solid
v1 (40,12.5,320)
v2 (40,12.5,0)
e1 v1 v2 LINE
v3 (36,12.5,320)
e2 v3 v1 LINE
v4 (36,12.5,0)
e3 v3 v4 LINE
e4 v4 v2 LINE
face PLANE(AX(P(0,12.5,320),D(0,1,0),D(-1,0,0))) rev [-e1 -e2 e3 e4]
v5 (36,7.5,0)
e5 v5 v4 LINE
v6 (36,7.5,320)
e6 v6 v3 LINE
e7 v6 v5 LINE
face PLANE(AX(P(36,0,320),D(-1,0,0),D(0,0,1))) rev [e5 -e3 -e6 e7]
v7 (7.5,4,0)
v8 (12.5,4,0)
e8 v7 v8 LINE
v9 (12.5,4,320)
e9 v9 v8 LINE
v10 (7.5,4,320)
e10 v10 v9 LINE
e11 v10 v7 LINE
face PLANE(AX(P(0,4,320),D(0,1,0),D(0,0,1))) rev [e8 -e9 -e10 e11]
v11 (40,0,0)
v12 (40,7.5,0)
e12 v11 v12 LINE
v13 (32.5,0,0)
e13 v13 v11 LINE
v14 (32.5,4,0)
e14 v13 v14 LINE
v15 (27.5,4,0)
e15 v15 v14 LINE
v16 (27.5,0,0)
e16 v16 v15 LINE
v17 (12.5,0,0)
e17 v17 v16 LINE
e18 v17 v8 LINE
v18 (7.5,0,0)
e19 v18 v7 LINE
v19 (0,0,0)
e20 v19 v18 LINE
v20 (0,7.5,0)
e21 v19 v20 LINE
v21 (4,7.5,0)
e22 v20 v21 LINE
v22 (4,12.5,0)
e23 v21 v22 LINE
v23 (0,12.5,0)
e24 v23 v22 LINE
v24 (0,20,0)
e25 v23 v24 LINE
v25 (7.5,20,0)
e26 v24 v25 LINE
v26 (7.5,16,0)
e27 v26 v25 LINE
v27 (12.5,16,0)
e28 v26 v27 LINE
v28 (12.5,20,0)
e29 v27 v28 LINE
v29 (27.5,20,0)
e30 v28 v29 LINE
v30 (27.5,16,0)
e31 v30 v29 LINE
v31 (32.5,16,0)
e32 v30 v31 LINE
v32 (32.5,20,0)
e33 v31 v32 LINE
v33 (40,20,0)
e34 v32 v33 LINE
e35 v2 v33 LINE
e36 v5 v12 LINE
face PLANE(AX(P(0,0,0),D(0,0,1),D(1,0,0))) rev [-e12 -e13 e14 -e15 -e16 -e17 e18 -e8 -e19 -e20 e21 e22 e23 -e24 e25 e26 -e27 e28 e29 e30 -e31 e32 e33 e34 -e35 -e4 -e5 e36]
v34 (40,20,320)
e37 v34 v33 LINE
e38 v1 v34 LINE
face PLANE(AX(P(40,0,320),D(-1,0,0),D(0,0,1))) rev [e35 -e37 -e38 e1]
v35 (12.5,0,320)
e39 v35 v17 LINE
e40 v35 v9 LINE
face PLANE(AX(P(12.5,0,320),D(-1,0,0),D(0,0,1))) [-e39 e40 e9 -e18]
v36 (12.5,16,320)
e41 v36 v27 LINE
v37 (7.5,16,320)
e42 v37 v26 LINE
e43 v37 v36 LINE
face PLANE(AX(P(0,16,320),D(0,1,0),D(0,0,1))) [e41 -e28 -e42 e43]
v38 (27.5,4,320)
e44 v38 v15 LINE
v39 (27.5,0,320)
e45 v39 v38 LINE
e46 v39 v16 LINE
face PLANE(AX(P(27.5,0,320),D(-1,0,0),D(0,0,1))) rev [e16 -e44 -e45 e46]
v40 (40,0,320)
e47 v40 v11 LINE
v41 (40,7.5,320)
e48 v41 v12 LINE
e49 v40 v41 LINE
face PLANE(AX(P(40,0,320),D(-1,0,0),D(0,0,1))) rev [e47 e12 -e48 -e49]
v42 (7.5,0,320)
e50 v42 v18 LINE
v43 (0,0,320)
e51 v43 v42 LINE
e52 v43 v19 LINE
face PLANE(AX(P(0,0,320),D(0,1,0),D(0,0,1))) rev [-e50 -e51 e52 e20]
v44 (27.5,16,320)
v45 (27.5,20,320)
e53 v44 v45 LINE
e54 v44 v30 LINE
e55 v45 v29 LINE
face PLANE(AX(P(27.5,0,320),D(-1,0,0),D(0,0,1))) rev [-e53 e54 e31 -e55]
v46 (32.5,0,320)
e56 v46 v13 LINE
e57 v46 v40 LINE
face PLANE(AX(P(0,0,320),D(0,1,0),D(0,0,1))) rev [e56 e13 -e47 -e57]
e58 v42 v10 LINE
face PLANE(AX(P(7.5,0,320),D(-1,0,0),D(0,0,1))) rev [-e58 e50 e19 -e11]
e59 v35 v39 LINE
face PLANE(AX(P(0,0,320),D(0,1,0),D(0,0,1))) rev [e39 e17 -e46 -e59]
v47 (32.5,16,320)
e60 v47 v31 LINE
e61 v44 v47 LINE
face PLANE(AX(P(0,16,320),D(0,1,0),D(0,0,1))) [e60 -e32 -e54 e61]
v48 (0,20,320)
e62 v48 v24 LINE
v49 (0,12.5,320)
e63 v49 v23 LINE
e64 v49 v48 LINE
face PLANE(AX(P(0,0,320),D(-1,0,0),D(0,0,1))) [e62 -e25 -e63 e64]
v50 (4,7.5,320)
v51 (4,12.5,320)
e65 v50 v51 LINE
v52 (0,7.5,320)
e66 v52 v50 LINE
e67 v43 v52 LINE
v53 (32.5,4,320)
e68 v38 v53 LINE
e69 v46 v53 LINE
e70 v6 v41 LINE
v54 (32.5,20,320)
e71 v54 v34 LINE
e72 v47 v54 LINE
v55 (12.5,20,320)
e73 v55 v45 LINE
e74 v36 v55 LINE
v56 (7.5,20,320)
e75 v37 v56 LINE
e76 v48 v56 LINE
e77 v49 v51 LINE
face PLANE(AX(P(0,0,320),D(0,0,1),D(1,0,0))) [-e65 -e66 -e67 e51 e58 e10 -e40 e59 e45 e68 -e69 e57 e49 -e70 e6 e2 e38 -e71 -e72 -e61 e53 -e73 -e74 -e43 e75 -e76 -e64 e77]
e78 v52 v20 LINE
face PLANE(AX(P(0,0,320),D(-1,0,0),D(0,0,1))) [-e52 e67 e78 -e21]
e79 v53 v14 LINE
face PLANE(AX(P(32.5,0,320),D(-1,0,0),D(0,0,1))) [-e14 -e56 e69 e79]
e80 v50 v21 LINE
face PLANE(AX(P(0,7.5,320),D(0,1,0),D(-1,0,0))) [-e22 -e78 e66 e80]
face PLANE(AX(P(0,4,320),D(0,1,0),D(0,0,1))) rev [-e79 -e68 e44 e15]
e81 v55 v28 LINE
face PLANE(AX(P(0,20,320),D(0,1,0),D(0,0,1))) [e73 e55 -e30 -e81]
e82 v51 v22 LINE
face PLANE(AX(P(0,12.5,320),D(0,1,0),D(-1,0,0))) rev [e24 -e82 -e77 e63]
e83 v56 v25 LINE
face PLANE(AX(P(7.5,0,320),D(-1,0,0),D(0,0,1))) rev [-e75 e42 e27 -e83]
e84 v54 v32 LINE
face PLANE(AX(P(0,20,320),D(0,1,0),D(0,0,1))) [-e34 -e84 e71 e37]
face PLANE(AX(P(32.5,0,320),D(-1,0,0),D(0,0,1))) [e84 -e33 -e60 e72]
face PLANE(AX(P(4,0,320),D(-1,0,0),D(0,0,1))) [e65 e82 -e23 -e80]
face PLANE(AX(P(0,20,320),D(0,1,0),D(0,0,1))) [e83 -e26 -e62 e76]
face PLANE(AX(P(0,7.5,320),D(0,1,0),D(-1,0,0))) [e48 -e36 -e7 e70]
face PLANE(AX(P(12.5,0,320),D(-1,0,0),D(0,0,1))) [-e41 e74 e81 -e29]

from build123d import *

# Parameters (mm, degrees)
ESQUISSE1_W        = 3.5
ESQUISSE1_H        = 5
ESQUISSE1_W_2      = 5
ESQUISSE1_H_2      = 3.5
ESQUISSE1_W_3      = 4
BOSS_EXTRU_1_DEPTH = 320


with BuildPart() as part:
    # Esquisse1 → Boss.-Extru.1 (new body)
    with BuildSketch(Plane.XY):
        Polygon((7.5, 16), (7.5, 20), (0, 20), (4, 16), align=None)
        Polygon((4, 16), (0, 20), (0, 12.5), (4, 12.5), align=None)
        Polygon((4, 7.5), (0, 7.5), (0, 0), (4, 4), align=None)
        Polygon((0, 0), (7.5, 0), (7.5, 4), (4, 4), align=None)
        Polygon((4, 4), (7.5, 7.5), (4, 7.5), align=None)
        Polygon((7.5, 4), (7.5, 7.5), (4, 4), align=None)
        Polygon((4, 12.5), (7.5, 12.5), (4, 16), align=None)
        Polygon((7.5, 12.5), (7.5, 16), (4, 16), align=None)
        with Locations((5.75, 10)):
            Rectangle(ESQUISSE1_W, ESQUISSE1_H)
        Polygon((7.5, 7.5), (10, 10), (7.5, 12.5), align=None)
        Polygon((10, 10), (12.5, 12.5), (7.5, 12.5), align=None)
        Polygon((12.5, 7.5), (12.5, 12.5), (10, 10), align=None)
        Polygon((12.5, 7.5), (10, 10), (7.5, 7.5), align=None)
        Polygon((16, 4), (12.5, 7.5), (12.5, 4), align=None)
        Polygon((16, 4), (16, 7.5), (12.5, 7.5), align=None)
        Polygon((20, 0), (20, 7.5), (16, 7.5), (16, 4), align=None)
        with Locations((10, 14.25)):
            Rectangle(ESQUISSE1_W_2, ESQUISSE1_H_2)
        with Locations((14.25, 10)):
            Rectangle(ESQUISSE1_W, ESQUISSE1_H)
        Polygon((12.5, 12.5), (16, 16), (12.5, 16), align=None)
        Polygon((16, 16), (20, 20), (12.5, 20), (12.5, 16), align=None)
        Polygon((16, 12.5), (16, 16), (12.5, 12.5), align=None)
        Polygon((20, 12.5), (20, 20), (16, 16), (16, 12.5), align=None)
        Polygon((12.5, 0), (20, 0), (16, 4), (12.5, 4), align=None)
        with Locations((10, 5.75)):
            Rectangle(ESQUISSE1_W_2, ESQUISSE1_H_2)
        with Locations((18, 10)):
            Rectangle(ESQUISSE1_W_3, ESQUISSE1_H)
        with Locations((22, 10)):
            Rectangle(ESQUISSE1_W_3, ESQUISSE1_H)
        Polygon((24, 16), (20, 20), (20, 12.5), (24, 12.5), align=None)
        Polygon((27.5, 20), (20, 20), (24, 16), (27.5, 16), align=None)
        Polygon((27.5, 12.5), (24, 16), (24, 12.5), align=None)
        Polygon((27.5, 16), (24, 16), (27.5, 12.5), align=None)
        with Locations((25.75, 10)):
            Rectangle(ESQUISSE1_W, ESQUISSE1_H)
        Polygon((27.5, 7.5), (24, 7.5), (24, 4), align=None)
        Polygon((24, 7.5), (20, 7.5), (20, 0), (24, 4), align=None)
        Polygon((24, 4), (20, 0), (27.5, 0), (27.5, 4), align=None)
        Polygon((27.5, 4), (27.5, 7.5), (24, 4), align=None)
        with Locations((30, 5.75)):
            Rectangle(ESQUISSE1_W_2, ESQUISSE1_H_2)
        Polygon((36, 4), (32.5, 7.5), (32.5, 4), align=None)
        Polygon((36, 7.5), (32.5, 7.5), (36, 4), align=None)
        Polygon((40, 0), (40, 7.5), (36, 7.5), (36, 4), align=None)
        Polygon((32.5, 4), (32.5, 0), (40, 0), (36, 4), align=None)
        with Locations((34.25, 10)):
            Rectangle(ESQUISSE1_W, ESQUISSE1_H)
        Polygon((32.5, 12.5), (30, 10), (32.5, 7.5), align=None)
        Polygon((32.5, 7.5), (30, 10), (27.5, 7.5), align=None)
        Polygon((30, 10), (27.5, 12.5), (27.5, 7.5), align=None)
        Polygon((32.5, 12.5), (27.5, 12.5), (30, 10), align=None)
        Polygon((36, 16), (32.5, 12.5), (36, 12.5), align=None)
        Polygon((36, 16), (32.5, 16), (32.5, 12.5), align=None)
        Polygon((40, 20), (32.5, 20), (32.5, 16), (36, 16), align=None)
        Polygon((40, 12.5), (40, 20), (36, 16), (36, 12.5), align=None)
        with Locations((30, 14.25)):
            Rectangle(ESQUISSE1_W_2, ESQUISSE1_H_2)
    extrude(amount=BOSS_EXTRU_1_DEPTH)


solid = part.part
